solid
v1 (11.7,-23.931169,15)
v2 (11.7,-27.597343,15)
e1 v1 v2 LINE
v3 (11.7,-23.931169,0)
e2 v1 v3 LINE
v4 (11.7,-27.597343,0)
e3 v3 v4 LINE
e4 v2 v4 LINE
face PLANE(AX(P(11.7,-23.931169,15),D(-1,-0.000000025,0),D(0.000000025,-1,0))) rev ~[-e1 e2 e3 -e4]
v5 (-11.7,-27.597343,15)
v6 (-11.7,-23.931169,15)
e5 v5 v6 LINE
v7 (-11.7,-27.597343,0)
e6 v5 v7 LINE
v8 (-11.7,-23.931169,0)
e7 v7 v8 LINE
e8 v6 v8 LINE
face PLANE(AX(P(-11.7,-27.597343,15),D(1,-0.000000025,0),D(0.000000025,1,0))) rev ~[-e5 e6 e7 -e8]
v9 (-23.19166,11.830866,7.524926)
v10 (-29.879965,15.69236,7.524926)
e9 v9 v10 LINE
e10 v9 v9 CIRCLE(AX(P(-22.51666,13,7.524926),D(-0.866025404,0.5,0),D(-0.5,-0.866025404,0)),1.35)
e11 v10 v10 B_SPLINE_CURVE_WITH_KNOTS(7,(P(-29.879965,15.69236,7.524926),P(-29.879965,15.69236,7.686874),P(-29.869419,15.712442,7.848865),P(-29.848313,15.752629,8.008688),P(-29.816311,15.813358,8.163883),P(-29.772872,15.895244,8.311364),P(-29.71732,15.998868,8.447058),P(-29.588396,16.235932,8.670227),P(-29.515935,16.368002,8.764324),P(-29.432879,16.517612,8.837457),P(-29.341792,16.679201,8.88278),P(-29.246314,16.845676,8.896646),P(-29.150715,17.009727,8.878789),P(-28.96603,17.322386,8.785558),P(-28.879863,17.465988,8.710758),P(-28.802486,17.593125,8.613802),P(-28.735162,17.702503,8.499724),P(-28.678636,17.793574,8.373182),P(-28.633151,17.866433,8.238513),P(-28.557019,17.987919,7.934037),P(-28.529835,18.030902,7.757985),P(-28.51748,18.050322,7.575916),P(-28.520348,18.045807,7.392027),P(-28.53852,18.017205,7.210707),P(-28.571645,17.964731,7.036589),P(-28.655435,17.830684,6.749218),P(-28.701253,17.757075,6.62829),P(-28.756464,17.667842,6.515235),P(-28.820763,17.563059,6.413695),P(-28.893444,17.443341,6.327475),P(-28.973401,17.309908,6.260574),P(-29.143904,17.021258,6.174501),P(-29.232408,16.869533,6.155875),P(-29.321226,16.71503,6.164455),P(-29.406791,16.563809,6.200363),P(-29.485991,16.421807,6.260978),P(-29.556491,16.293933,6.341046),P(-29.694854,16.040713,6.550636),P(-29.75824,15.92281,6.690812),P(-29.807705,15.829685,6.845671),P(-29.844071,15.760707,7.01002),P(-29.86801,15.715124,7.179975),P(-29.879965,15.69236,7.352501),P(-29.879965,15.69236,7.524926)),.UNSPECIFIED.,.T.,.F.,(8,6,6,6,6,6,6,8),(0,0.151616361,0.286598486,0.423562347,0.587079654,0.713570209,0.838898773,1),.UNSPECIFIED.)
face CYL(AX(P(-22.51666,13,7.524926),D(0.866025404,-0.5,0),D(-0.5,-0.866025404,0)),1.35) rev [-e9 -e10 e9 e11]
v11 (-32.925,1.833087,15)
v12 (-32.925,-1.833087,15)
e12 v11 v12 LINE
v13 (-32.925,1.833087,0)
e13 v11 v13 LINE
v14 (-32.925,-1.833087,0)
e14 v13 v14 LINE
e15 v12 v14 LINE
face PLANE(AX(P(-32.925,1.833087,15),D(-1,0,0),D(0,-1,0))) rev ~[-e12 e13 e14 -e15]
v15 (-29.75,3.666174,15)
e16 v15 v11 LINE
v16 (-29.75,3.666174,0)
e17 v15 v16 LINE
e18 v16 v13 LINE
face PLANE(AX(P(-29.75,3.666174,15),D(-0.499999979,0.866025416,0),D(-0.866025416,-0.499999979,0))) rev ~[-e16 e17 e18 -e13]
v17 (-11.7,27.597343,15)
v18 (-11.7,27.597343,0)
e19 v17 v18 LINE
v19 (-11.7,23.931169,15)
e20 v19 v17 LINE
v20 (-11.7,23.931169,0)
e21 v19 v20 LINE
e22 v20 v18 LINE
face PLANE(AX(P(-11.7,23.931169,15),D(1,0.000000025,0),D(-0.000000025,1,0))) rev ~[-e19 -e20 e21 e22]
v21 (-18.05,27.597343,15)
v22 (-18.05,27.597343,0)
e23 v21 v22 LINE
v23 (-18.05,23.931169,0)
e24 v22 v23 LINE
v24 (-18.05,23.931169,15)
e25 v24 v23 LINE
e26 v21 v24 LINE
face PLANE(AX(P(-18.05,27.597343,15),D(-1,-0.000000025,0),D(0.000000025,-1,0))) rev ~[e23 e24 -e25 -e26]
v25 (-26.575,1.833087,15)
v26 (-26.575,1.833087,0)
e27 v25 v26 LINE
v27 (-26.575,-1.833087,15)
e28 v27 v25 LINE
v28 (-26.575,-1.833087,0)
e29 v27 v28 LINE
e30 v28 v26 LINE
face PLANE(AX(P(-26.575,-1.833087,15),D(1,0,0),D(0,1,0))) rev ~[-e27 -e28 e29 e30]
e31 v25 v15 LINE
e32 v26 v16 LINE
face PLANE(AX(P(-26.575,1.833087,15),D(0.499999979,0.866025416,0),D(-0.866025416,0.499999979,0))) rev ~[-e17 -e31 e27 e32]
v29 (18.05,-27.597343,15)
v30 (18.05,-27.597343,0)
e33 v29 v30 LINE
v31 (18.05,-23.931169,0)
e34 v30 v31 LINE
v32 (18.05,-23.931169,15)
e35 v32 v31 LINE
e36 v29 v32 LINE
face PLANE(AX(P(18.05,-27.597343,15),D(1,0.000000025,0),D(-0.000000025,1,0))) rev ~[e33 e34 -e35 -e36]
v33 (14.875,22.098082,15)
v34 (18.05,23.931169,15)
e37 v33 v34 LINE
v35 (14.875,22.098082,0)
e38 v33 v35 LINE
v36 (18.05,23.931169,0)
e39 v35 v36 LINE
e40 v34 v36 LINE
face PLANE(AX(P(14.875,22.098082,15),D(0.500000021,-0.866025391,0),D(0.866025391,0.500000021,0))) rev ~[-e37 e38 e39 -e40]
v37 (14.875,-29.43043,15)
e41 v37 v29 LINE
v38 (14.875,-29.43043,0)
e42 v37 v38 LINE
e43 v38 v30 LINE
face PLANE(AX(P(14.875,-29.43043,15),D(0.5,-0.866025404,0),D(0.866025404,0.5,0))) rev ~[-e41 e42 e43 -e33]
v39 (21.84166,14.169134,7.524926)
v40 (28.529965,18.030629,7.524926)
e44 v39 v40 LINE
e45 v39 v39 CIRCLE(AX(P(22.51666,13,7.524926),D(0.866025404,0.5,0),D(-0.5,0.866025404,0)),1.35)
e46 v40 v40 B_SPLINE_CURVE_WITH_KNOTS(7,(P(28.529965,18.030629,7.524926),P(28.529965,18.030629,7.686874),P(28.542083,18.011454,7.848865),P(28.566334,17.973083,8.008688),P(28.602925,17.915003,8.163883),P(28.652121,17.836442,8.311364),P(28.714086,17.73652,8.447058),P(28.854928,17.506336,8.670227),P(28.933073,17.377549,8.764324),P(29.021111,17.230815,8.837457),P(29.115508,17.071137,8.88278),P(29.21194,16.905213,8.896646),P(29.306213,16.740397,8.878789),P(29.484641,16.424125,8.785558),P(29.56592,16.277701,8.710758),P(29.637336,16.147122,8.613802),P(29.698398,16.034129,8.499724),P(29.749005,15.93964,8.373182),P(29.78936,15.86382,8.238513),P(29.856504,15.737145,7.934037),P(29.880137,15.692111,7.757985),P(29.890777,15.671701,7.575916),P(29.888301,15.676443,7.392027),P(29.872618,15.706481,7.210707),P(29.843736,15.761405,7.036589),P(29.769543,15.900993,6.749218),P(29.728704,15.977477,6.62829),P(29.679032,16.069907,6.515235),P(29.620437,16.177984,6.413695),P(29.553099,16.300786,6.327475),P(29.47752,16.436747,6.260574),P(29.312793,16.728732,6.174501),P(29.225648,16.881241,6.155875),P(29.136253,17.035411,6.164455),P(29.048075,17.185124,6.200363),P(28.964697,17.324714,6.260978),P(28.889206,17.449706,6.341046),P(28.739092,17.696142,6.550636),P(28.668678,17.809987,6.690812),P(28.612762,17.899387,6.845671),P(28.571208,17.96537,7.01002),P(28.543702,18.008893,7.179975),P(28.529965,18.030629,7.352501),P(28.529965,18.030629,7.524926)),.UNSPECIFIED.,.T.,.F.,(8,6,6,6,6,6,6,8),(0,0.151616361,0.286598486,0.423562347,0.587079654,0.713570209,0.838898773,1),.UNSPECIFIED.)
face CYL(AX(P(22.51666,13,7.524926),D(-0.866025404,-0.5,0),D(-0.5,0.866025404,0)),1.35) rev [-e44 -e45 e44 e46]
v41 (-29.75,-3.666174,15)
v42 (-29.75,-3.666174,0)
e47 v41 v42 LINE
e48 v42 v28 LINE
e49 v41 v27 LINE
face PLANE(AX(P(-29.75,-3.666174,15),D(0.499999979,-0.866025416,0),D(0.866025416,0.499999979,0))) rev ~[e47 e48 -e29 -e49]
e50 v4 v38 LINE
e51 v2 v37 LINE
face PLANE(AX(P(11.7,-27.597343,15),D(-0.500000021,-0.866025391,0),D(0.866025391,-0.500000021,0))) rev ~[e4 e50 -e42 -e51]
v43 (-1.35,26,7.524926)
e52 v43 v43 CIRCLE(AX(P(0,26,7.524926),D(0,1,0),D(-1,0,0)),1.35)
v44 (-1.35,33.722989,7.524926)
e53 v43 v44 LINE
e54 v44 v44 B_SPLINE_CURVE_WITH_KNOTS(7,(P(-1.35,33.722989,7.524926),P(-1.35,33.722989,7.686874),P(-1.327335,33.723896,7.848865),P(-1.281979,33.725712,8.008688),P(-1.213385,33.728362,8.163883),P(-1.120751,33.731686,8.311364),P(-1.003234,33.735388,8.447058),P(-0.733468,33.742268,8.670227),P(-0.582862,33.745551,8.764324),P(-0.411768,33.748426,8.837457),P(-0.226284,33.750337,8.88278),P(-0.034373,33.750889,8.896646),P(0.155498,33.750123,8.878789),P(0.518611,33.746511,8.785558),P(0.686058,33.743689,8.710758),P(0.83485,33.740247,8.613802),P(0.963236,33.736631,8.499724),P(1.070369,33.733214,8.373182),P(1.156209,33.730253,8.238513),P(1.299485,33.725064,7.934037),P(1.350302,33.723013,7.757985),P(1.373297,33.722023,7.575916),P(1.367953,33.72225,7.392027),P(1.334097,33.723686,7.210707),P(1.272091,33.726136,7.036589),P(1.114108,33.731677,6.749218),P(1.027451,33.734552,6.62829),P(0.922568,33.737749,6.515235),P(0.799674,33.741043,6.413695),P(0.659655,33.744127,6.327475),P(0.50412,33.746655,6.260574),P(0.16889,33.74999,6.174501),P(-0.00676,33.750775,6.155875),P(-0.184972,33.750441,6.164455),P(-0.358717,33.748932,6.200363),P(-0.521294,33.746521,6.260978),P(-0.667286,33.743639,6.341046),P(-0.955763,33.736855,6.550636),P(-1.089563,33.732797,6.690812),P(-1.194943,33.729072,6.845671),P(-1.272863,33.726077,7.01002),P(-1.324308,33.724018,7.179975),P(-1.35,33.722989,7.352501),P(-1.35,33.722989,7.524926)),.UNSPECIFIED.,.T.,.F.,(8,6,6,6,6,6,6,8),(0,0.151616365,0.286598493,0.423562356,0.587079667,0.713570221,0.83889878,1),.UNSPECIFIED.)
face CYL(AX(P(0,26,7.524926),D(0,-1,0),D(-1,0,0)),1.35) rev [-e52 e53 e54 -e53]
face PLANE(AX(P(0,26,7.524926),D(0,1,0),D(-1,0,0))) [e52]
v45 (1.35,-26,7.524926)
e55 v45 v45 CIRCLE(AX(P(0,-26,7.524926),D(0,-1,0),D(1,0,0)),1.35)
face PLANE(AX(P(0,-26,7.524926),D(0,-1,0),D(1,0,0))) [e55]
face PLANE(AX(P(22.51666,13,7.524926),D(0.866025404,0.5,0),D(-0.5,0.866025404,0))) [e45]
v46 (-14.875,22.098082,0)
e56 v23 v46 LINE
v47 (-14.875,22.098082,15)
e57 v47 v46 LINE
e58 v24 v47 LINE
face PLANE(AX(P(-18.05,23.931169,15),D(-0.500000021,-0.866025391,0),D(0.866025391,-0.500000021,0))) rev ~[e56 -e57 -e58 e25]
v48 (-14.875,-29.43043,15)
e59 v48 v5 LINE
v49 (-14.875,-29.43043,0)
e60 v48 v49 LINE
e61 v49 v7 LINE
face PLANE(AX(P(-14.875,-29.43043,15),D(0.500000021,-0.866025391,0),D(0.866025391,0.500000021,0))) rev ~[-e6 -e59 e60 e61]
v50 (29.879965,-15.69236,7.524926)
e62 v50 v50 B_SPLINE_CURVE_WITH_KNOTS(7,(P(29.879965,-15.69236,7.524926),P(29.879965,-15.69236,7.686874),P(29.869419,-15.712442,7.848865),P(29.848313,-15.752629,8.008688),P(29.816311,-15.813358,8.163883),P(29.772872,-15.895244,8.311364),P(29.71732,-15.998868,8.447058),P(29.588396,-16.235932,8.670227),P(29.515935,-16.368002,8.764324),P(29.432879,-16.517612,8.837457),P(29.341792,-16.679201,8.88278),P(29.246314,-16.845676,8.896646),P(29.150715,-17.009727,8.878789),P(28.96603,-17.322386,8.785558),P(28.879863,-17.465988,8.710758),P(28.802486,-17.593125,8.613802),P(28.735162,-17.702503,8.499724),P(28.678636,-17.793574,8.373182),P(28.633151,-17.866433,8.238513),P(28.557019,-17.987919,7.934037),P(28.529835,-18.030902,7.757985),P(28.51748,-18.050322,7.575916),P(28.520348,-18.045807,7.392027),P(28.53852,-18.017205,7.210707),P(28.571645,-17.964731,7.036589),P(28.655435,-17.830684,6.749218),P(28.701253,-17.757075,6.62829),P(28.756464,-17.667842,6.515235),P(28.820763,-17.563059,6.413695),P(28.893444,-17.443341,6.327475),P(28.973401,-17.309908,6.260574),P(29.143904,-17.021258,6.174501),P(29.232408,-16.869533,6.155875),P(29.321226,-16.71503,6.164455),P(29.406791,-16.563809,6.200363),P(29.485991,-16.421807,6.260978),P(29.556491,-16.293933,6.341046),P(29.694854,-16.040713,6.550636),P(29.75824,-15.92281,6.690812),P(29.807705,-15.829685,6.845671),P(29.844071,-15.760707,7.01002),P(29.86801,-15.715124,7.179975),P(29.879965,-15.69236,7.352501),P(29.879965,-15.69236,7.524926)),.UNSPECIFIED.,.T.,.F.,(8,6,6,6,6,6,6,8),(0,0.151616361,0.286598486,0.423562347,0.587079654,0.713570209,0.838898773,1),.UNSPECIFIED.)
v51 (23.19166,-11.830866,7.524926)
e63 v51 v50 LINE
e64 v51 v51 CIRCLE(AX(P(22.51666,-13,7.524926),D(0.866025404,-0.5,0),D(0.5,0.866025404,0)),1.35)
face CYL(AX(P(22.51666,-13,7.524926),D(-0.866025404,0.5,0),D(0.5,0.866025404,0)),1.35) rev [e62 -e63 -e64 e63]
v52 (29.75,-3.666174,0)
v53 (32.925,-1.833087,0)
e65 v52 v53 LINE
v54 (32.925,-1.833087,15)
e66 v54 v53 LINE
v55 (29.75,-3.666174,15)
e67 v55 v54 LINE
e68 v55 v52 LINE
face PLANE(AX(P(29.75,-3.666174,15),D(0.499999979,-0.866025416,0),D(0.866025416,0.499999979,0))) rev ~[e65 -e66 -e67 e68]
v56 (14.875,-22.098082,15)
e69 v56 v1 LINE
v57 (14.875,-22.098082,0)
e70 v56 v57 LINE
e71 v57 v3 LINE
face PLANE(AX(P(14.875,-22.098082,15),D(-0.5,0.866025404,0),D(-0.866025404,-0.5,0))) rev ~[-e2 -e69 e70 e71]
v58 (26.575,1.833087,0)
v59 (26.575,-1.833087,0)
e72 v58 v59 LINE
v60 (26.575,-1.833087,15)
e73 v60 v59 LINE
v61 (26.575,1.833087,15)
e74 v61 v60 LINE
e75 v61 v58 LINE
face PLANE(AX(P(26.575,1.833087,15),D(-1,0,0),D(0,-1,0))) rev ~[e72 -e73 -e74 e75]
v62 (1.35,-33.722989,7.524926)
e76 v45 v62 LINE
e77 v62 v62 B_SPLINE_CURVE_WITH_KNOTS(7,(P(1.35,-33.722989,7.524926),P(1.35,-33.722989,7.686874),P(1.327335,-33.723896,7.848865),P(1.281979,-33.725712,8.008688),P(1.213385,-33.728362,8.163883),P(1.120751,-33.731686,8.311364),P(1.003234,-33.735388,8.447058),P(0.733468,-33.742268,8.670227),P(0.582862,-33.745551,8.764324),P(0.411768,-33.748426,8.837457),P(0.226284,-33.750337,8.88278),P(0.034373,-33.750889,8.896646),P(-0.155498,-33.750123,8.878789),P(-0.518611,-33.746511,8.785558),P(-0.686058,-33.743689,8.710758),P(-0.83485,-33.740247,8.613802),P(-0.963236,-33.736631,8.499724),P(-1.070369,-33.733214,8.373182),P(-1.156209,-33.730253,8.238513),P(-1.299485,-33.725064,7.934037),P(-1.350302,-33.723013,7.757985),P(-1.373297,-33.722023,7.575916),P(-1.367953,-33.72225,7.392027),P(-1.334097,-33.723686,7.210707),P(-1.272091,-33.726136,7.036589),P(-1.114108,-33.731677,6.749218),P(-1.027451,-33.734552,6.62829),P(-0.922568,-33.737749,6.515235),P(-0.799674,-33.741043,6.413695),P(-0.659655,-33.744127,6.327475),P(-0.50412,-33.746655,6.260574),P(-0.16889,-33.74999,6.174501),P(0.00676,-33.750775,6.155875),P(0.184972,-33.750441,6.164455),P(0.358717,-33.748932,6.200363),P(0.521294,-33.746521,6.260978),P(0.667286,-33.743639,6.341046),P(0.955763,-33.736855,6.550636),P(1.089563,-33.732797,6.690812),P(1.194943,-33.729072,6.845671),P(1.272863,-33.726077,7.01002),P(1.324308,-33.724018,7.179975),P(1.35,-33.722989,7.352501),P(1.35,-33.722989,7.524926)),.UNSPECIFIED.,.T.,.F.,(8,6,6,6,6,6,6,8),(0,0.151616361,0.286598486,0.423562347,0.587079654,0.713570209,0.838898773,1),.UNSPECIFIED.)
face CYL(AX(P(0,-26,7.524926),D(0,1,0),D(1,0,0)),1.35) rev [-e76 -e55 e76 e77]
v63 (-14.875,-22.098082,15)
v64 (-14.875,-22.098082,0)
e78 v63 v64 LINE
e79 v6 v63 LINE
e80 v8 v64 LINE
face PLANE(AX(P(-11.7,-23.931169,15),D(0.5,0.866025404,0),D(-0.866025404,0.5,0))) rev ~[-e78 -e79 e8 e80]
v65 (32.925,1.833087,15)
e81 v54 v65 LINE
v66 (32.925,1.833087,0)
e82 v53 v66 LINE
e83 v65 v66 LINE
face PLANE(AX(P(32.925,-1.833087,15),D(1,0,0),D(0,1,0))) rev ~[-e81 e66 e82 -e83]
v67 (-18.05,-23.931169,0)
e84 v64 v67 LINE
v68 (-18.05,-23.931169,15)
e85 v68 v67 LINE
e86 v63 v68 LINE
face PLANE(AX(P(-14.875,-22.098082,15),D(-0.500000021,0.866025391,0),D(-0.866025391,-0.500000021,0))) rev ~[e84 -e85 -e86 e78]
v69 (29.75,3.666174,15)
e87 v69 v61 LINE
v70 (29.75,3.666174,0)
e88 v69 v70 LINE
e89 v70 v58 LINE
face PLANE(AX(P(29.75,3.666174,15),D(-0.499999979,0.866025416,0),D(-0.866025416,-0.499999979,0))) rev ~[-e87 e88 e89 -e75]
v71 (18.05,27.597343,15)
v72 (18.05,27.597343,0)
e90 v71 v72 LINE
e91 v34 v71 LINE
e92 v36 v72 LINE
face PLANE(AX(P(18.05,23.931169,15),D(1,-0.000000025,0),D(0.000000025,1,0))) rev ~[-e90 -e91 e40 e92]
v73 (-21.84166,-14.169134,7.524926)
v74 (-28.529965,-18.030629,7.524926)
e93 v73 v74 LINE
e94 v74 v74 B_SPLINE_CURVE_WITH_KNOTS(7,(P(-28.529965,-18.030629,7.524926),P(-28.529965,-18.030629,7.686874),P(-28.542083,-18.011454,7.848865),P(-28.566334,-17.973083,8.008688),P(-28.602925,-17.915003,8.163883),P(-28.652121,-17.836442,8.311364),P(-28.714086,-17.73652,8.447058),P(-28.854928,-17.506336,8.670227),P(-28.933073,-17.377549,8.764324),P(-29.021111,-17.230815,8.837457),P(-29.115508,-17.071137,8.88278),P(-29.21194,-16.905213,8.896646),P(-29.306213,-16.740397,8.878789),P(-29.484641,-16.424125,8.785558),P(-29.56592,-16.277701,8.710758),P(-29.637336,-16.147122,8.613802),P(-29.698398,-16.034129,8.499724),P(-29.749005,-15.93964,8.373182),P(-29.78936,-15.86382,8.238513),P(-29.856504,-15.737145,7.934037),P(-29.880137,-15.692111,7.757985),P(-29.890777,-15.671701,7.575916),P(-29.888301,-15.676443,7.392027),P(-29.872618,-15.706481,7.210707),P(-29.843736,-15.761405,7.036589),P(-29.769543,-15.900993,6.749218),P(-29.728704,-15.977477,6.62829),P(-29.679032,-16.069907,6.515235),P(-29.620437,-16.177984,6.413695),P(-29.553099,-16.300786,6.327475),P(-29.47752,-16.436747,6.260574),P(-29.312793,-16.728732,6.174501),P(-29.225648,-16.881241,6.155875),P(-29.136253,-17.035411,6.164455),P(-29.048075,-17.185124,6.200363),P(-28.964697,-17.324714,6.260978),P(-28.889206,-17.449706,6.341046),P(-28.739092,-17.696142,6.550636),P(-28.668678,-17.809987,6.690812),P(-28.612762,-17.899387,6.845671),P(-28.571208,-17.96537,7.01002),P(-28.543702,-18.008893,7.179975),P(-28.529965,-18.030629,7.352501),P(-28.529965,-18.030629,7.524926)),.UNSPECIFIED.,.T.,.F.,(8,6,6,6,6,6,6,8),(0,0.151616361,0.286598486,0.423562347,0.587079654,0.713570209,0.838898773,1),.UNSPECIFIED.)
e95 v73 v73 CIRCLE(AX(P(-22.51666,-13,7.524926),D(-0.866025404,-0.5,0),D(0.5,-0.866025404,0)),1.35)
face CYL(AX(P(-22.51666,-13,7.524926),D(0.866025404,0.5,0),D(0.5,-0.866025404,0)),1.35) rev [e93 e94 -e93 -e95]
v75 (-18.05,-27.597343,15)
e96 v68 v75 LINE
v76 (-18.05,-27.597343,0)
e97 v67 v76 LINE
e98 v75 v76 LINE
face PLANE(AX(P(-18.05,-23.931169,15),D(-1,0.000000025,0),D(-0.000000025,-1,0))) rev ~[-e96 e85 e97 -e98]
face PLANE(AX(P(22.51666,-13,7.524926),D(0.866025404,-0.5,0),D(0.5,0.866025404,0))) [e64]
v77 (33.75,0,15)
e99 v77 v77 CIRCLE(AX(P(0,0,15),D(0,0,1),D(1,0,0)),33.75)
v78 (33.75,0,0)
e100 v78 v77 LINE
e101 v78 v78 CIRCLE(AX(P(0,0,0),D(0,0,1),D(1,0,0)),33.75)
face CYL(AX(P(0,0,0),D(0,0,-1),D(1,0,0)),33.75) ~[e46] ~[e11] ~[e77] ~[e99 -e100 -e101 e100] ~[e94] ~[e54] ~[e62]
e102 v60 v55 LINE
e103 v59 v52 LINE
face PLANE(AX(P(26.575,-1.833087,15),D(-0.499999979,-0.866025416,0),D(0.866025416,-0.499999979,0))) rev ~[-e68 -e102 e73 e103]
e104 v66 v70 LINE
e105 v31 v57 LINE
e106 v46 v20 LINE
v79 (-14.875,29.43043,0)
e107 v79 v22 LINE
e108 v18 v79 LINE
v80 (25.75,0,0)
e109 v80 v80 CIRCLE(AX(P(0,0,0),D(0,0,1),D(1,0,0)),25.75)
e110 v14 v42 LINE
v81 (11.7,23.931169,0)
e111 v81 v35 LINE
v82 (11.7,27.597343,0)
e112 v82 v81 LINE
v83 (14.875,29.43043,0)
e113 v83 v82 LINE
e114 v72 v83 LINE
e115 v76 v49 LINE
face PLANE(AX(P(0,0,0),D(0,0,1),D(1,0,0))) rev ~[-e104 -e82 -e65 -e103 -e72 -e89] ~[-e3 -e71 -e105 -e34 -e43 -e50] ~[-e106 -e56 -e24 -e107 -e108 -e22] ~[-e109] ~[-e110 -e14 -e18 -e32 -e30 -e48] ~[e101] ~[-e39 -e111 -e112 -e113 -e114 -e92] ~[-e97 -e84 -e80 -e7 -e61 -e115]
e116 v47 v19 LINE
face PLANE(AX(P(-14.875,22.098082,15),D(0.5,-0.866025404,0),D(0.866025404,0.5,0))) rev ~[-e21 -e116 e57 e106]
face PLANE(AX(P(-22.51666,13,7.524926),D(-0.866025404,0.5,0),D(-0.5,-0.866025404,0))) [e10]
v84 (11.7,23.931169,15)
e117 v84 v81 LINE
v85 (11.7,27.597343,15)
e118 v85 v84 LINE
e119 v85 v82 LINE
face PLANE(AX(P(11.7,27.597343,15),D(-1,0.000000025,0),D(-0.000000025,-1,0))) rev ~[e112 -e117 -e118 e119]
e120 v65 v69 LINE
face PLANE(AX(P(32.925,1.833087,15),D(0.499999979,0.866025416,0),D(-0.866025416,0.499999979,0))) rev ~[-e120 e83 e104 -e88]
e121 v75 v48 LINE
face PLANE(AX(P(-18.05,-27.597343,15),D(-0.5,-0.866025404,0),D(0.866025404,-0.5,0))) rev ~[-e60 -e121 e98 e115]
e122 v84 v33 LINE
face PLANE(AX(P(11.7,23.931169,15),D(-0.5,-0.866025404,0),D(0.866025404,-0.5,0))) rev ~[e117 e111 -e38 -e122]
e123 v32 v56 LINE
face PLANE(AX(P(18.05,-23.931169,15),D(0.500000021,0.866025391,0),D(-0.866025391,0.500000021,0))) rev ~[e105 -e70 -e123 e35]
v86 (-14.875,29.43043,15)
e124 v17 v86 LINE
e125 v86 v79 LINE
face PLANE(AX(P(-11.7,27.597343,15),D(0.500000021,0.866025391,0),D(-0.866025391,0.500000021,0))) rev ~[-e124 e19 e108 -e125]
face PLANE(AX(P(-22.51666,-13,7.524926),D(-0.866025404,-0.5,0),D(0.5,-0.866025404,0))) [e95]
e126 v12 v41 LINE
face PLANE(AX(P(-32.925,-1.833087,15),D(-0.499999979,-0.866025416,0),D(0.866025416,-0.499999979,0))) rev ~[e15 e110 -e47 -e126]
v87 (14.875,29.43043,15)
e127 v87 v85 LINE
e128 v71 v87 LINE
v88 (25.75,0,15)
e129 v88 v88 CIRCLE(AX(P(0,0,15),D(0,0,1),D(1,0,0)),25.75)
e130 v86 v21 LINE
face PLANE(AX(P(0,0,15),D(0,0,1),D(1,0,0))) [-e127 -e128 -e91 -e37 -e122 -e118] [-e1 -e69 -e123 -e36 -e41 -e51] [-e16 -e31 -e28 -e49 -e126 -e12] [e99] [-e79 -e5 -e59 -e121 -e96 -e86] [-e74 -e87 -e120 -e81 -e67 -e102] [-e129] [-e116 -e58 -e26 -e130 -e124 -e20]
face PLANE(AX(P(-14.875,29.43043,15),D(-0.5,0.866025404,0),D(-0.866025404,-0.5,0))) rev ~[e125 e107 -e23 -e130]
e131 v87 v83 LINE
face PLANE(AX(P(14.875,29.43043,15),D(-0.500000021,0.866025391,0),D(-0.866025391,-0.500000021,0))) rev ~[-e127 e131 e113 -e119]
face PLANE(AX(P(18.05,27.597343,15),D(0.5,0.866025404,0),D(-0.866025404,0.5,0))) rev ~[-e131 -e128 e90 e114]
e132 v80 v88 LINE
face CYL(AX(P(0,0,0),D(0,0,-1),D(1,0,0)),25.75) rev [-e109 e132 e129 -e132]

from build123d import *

# Parameters (mm, degrees)
F0_R     = 33.75
F0_R_2   = 25.75
F1_DEPTH = 15
F3_DEPTH = 20
F4_COUNT = 6
F6_R     = 1.35
F7_DEPTH = 40
F9_COUNT = 6


with BuildPart() as f1:
    # F0 (on Top) → F1 (new body)
    with BuildSketch(Plane.XY):
        Circle(F0_R)
        Circle(F0_R_2, mode=Mode.SUBTRACT)
    extrude(amount=F1_DEPTH)


with BuildPart() as f3:
    # F2 (on face) → F3 (new body)
    with BuildSketch(Plane.XY.offset(15)):
        Polygon((-26.575, -1.833087), (-26.575, 1.833087), (-29.75, 3.666174), (-32.925, 1.833087), (-32.925, -1.833087), (-29.75, -3.666174), align=None)
    extrude(amount=-F3_DEPTH)


with BuildPart() as f4_1:
    # F4: instance of F3
    add(f3.part.rotate(Axis((0, 0, 15), (0, 0, 1)), 1 * 360 / F4_COUNT))


with BuildPart() as f4_2:
    # F4: instance of F3
    add(f3.part.rotate(Axis((0, 0, 15), (0, 0, 1)), 2 * 360 / F4_COUNT))


with BuildPart() as f4_3:
    # F4: instance of F3
    add(f3.part.rotate(Axis((0, 0, 15), (0, 0, 1)), 3 * 360 / F4_COUNT))


with BuildPart() as f4_4:
    # F4: instance of F3
    add(f3.part.rotate(Axis((0, 0, 15), (0, 0, 1)), 4 * 360 / F4_COUNT))


with BuildPart() as f4_5:
    # F4: instance of F3
    add(f3.part.rotate(Axis((0, 0, 15), (0, 0, 1)), 5 * 360 / F4_COUNT))


with BuildPart() as f1_1:
    add(f1.part)

    # F5: cut F4_1, F3, F4_2, F4_3, F4_4, F4_5
    add(f4_1.part, mode=Mode.SUBTRACT)
    add(f3.part, mode=Mode.SUBTRACT)
    add(f4_2.part, mode=Mode.SUBTRACT)
    add(f4_3.part, mode=Mode.SUBTRACT)
    add(f4_4.part, mode=Mode.SUBTRACT)
    add(f4_5.part, mode=Mode.SUBTRACT)


with BuildPart() as f7:
    # F6 (on Front) → F7 (new body)
    with BuildSketch(Plane.XZ):
        with Locations((0, 7.524926)):
            Circle(F6_R)
    extrude(amount=F7_DEPTH)


with BuildPart() as f7_1:
    # F8: moved
    add(f7.part.moved(Location((0, -26, 0))))


with BuildPart() as f9_1:
    # F9: instance of F7
    add(f7_1.part.rotate(Axis((0, 0, 15), (0, 0, 1)), 1 * 360 / F9_COUNT))


with BuildPart() as f9_2:
    # F9: instance of F7
    add(f7_1.part.rotate(Axis((0, 0, 15), (0, 0, 1)), 2 * 360 / F9_COUNT))


with BuildPart() as f9_3:
    # F9: instance of F7
    add(f7_1.part.rotate(Axis((0, 0, 15), (0, 0, 1)), 3 * 360 / F9_COUNT))


with BuildPart() as f9_4:
    # F9: instance of F7
    add(f7_1.part.rotate(Axis((0, 0, 15), (0, 0, 1)), 4 * 360 / F9_COUNT))


with BuildPart() as f9_5:
    # F9: instance of F7
    add(f7_1.part.rotate(Axis((0, 0, 15), (0, 0, 1)), 5 * 360 / F9_COUNT))


with BuildPart() as f1_2:
    add(f1_1.part)

    # F10: cut F7, F9_1, F9_2, F9_3, F9_4, F9_5
    add(f7_1.part, mode=Mode.SUBTRACT)
    add(f9_1.part, mode=Mode.SUBTRACT)
    add(f9_2.part, mode=Mode.SUBTRACT)
    add(f9_3.part, mode=Mode.SUBTRACT)
    add(f9_4.part, mode=Mode.SUBTRACT)
    add(f9_5.part, mode=Mode.SUBTRACT)


solid = f1_2.part
